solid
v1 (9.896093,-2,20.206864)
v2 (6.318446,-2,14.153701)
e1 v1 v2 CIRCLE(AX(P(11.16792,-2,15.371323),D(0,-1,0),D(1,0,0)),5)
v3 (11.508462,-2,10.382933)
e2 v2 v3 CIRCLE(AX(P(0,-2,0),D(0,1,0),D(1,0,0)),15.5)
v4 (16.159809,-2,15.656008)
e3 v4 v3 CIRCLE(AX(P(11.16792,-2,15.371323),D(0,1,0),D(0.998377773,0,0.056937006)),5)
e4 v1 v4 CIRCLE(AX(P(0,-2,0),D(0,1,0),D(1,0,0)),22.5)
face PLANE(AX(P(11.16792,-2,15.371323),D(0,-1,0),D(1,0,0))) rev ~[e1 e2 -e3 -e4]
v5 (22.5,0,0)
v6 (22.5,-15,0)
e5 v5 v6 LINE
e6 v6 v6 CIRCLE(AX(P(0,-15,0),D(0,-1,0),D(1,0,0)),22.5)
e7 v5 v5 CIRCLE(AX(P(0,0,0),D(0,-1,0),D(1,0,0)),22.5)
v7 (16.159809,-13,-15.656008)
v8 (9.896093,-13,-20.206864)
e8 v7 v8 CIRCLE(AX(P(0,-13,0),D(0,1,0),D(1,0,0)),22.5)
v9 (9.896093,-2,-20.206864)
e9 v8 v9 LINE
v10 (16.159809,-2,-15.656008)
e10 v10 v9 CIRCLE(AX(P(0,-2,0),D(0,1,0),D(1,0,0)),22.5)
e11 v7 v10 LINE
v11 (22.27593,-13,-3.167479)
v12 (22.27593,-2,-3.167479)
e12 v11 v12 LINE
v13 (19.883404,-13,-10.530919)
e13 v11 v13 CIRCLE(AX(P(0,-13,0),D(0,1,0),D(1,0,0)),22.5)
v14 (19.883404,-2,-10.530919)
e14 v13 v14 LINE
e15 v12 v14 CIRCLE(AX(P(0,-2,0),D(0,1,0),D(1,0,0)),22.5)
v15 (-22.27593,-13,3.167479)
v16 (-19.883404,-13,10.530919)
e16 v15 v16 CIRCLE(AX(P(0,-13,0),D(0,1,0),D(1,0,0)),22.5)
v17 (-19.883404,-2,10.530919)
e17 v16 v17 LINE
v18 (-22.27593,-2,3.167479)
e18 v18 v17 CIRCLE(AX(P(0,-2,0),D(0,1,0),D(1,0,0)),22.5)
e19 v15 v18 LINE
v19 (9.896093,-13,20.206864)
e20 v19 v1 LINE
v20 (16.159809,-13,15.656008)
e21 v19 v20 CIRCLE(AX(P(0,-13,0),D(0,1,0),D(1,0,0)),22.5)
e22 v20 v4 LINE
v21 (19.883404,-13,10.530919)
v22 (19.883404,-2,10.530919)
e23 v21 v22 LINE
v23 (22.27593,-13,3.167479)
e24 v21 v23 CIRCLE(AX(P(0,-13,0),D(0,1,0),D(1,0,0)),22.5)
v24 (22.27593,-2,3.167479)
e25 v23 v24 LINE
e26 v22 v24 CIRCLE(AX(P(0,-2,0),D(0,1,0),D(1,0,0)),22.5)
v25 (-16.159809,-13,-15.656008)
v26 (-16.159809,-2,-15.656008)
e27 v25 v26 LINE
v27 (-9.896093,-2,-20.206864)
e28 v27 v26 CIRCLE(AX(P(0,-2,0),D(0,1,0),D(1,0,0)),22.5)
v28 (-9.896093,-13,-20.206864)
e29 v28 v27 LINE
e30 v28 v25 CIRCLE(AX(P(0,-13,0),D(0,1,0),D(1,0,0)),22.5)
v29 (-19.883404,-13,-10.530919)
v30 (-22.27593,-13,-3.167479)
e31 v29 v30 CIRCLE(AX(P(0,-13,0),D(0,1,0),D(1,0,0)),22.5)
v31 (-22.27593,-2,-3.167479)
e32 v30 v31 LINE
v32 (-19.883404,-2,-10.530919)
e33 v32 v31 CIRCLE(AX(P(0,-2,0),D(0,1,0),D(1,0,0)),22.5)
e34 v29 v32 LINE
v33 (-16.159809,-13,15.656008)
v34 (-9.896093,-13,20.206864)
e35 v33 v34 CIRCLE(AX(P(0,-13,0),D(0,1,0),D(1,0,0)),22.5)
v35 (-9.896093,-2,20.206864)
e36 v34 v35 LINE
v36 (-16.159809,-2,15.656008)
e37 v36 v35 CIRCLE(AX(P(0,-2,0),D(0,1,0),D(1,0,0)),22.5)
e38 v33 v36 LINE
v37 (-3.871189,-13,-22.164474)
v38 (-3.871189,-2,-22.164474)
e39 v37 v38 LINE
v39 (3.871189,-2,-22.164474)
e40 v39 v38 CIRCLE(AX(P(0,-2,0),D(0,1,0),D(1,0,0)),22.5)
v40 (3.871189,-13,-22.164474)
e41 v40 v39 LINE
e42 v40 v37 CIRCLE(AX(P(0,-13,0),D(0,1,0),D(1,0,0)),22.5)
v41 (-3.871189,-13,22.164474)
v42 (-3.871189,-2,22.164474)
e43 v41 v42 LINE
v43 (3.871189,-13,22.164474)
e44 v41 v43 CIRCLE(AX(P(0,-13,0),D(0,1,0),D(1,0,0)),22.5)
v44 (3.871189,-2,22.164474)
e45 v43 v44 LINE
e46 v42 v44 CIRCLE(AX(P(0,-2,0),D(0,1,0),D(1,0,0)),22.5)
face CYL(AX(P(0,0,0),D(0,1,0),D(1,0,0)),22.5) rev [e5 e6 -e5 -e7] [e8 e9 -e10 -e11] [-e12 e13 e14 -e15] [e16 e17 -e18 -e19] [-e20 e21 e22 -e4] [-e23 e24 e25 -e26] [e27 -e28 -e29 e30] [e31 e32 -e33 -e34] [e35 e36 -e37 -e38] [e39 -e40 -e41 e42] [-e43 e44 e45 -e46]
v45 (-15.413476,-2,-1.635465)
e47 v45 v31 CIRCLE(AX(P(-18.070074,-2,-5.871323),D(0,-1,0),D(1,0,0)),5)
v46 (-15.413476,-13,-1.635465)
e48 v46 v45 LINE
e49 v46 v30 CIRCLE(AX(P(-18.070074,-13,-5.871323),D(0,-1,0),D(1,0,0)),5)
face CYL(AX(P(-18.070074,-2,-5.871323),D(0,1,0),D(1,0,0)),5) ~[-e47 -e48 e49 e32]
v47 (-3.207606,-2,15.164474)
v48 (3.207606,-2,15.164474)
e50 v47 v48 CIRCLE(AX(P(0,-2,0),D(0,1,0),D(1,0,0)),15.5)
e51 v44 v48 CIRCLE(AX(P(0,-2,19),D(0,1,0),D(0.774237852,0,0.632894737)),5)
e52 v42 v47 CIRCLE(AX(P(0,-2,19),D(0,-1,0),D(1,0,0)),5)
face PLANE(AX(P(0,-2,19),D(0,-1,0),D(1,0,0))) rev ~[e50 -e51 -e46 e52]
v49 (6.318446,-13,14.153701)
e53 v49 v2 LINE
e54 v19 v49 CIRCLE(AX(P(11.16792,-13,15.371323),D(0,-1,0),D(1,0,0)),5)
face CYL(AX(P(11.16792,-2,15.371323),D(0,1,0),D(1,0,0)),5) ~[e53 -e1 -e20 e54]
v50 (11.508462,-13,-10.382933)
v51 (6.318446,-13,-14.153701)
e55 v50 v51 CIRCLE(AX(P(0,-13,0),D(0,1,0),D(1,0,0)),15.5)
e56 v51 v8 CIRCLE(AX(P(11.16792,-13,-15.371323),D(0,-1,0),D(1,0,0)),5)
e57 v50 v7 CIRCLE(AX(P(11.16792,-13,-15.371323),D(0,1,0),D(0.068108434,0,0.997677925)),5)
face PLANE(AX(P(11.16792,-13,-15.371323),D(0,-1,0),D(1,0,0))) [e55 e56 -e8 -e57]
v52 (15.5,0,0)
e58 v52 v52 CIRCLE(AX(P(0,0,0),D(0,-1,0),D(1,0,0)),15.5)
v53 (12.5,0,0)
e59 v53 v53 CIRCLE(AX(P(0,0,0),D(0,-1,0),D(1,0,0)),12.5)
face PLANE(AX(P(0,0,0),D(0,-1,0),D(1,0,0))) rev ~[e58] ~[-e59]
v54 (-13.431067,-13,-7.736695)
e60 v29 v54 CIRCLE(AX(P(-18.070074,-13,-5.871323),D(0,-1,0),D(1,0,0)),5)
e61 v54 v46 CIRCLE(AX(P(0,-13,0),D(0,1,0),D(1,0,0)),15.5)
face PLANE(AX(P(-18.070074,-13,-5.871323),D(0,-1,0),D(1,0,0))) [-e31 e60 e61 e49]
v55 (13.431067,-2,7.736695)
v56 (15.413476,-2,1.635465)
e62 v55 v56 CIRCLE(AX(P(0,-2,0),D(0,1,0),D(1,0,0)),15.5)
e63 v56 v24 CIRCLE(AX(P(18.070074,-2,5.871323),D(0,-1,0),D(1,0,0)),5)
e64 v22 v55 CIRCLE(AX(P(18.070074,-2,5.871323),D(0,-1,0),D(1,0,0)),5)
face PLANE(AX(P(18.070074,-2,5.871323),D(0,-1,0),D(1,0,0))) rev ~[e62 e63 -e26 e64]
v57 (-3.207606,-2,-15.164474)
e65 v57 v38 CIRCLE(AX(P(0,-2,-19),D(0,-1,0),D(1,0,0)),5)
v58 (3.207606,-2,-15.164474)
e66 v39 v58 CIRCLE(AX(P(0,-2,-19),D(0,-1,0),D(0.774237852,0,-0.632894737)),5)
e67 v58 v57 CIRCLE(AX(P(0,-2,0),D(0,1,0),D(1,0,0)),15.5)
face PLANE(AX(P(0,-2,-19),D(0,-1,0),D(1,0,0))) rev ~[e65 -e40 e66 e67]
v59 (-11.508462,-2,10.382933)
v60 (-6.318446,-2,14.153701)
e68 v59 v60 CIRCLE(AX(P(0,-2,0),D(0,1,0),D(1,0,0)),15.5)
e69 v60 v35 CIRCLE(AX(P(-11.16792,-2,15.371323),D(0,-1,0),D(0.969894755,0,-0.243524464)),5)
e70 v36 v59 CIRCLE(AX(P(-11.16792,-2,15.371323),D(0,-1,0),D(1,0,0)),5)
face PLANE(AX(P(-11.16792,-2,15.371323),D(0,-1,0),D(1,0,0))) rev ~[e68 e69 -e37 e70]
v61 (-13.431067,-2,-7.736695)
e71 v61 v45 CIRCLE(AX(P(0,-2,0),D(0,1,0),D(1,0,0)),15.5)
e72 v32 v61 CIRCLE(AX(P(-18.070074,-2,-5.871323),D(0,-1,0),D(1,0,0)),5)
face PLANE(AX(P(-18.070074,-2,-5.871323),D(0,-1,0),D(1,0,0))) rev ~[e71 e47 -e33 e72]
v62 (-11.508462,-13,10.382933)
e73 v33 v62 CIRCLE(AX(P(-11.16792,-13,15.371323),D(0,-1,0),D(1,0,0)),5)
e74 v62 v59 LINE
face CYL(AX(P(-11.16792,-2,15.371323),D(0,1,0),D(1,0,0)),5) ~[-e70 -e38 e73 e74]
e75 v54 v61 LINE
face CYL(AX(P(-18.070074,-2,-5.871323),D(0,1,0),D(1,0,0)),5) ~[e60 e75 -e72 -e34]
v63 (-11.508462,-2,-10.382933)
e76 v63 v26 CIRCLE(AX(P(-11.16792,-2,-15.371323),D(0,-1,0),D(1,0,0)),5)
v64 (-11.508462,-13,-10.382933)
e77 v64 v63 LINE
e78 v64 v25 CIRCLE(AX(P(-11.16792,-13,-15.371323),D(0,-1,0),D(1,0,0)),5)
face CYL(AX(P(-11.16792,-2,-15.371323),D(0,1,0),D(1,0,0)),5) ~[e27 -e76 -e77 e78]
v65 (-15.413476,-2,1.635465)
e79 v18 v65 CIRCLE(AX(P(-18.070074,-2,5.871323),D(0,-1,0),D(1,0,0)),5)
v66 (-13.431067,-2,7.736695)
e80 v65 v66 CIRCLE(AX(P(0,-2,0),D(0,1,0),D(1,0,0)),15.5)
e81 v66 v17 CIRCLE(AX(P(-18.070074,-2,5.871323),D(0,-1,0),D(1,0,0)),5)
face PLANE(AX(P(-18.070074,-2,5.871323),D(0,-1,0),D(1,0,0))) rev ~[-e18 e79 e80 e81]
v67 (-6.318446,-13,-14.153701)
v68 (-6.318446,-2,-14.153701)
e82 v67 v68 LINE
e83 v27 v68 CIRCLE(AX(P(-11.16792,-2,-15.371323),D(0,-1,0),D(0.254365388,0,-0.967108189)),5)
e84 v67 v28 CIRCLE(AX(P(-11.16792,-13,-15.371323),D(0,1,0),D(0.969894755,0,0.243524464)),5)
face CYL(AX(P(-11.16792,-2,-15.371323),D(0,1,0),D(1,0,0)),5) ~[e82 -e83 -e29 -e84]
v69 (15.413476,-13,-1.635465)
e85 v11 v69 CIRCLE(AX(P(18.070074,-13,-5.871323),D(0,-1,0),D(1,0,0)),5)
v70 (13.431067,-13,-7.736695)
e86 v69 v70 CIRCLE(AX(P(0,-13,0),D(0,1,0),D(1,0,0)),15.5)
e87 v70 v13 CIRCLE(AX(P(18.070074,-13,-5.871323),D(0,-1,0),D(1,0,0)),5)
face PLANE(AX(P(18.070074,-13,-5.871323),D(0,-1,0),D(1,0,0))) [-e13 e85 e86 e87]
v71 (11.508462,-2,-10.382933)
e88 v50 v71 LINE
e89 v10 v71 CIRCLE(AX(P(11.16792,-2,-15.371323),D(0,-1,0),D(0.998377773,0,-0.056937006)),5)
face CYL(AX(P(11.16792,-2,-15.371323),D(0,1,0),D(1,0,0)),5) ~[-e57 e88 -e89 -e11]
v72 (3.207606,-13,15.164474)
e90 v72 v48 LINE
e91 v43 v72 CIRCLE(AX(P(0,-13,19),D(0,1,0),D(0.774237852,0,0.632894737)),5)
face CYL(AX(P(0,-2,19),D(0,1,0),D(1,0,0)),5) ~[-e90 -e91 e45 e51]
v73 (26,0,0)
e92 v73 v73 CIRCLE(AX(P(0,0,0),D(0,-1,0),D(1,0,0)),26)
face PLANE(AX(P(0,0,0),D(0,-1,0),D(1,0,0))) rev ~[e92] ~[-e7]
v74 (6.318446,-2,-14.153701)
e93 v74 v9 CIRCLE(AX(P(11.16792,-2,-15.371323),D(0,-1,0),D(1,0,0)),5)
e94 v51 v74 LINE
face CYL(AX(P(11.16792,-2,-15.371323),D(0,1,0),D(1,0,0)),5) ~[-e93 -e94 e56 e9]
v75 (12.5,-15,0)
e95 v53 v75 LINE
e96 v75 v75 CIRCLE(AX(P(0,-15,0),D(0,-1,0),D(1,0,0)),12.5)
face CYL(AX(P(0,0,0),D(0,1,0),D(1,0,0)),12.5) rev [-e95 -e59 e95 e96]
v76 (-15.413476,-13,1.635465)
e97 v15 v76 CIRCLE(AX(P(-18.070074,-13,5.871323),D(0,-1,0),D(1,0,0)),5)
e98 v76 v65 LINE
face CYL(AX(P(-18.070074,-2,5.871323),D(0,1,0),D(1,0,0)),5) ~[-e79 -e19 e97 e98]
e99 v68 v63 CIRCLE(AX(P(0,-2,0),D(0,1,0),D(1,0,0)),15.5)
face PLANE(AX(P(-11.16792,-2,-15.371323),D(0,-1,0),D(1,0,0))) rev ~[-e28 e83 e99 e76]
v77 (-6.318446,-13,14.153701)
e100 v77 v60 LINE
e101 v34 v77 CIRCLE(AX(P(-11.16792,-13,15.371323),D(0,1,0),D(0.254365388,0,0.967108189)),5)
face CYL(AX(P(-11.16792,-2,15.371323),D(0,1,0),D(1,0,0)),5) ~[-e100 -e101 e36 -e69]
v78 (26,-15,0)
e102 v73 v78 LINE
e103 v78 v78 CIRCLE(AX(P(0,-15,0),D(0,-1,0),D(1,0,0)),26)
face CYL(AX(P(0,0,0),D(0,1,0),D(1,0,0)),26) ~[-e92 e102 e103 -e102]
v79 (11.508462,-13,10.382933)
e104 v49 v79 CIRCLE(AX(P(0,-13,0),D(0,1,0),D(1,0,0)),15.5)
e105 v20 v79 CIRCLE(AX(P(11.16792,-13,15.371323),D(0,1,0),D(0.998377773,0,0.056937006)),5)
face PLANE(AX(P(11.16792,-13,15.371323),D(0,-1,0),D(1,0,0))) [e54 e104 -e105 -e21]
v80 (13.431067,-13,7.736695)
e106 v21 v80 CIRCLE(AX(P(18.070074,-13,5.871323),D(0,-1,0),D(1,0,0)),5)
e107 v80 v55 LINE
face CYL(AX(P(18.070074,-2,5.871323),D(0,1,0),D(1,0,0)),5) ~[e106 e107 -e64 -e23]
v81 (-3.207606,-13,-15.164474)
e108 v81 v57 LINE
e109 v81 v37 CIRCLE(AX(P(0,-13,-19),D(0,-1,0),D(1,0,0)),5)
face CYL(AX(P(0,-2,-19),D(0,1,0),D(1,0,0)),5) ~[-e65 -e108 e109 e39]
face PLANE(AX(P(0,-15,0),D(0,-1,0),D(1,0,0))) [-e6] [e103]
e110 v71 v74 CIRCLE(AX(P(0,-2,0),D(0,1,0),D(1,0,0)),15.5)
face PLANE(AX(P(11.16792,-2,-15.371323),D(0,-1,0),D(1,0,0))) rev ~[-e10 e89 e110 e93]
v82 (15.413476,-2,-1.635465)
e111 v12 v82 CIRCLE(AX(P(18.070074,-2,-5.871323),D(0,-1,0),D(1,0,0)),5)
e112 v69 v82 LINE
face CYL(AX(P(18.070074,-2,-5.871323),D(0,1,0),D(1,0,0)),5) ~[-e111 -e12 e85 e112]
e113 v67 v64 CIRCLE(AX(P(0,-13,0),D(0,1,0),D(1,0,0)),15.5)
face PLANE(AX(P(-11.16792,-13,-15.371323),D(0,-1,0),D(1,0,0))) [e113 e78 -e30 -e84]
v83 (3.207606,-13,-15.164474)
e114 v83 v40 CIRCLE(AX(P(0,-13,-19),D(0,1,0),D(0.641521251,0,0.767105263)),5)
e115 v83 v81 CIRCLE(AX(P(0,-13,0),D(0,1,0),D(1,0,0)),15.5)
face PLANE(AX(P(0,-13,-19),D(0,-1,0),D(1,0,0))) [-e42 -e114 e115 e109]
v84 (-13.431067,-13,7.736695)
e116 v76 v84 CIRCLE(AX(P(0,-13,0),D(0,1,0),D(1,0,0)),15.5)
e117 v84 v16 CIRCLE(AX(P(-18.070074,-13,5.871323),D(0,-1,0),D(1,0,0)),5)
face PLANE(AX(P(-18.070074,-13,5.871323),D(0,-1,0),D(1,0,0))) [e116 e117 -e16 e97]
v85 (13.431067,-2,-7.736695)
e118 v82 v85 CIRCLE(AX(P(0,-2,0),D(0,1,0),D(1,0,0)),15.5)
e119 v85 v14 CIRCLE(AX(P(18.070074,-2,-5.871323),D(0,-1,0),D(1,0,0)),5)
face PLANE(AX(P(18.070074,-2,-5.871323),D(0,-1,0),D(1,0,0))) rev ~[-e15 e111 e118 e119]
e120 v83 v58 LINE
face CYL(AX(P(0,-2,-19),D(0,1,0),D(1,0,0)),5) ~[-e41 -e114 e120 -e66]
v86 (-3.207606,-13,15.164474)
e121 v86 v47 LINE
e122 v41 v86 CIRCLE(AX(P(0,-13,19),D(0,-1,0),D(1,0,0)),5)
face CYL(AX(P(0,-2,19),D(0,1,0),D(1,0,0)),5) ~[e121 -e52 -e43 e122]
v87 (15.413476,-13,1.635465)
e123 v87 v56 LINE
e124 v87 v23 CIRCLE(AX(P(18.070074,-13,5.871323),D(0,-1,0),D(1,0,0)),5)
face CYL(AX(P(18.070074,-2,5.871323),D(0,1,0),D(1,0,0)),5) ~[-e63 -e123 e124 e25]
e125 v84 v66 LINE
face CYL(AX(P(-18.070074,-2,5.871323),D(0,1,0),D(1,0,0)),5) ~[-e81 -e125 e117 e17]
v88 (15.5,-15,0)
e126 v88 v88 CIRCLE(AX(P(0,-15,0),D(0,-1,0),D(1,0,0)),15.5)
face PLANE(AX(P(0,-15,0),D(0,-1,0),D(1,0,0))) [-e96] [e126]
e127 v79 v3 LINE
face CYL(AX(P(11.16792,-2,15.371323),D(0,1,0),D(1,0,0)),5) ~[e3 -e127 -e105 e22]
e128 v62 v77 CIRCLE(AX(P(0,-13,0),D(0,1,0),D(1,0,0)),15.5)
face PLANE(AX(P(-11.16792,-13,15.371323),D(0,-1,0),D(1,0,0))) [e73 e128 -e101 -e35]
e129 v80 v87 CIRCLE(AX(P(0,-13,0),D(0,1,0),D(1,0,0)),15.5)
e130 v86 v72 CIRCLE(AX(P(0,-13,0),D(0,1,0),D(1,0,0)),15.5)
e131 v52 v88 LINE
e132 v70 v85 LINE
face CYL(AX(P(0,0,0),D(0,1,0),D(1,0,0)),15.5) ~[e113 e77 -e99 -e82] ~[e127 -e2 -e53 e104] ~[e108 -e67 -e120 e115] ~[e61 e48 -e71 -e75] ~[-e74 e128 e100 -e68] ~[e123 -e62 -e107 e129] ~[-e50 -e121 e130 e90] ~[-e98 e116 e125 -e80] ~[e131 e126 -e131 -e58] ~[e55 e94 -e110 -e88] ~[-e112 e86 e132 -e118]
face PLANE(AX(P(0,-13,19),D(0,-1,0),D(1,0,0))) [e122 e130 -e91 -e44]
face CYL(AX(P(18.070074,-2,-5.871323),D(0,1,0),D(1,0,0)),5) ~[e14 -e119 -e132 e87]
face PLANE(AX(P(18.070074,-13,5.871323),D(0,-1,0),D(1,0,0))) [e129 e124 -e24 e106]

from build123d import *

# Parameters (mm, degrees)
F0_R     = 15.5
F0_R_2   = 12.5
F1_DEPTH = 15
F2_R     = 26
F2_R_2   = 22.5
F3_DEPTH = 15
F4_R     = 39.5
F5_DEPTH = 25
F8_R     = 5
F9_DEPTH = 11


with BuildPart() as f1:
    # F0 (on Front) → F1 (new body)
    with BuildSketch(Plane.XZ):
        Circle(F0_R)
        Circle(F0_R_2, mode=Mode.SUBTRACT)
    extrude(amount=F1_DEPTH)



with BuildPart() as f3:
    # F2 (on Front) → F3 (new body)
    with BuildSketch(Plane.XZ):
        Circle(F2_R)
        Circle(F2_R_2, mode=Mode.SUBTRACT)
    extrude(amount=F3_DEPTH)


with BuildPart() as f5:
    # F4 (on Front) → F5 (new body)
    with BuildSketch(Plane.XZ):
        with Locations((-73.8302841783, -37.6648977399)):
            Circle(F4_R)
    extrude(amount=F5_DEPTH)


with BuildPart() as f1_1:
    add(f1.part)

    add(f3.part)  # F9 merges F3
    # F8 (on offset) → F9 (join)
    with BuildSketch(Plane.XZ.offset(2)):
        with Locations((-11.1679197936, 15.3713228931)):
            Circle(F8_R)
        with Locations((0, 19)):
            Circle(F8_R)
        with Locations((11.1679197936, 15.3713228931)):
            Circle(F8_R)
        with Locations((18.0700738096, 5.8713228931)):
            Circle(F8_R)
        with Locations((18.0700738096, -5.8713228931)):
            Circle(F8_R)
        with Locations((11.1679197936, -15.3713228931)):
            Circle(F8_R)
        with Locations((0, -19)):
            Circle(F8_R)
        with Locations((-11.1679197936, -15.3713228931)):
            Circle(F8_R)
        with Locations((-18.0700738096, -5.8713228931)):
            Circle(F8_R)
        with Locations((-18.0700738096, 5.8713228931)):
            Circle(F8_R)
    extrude(amount=F9_DEPTH)


solid = f1_1.part
